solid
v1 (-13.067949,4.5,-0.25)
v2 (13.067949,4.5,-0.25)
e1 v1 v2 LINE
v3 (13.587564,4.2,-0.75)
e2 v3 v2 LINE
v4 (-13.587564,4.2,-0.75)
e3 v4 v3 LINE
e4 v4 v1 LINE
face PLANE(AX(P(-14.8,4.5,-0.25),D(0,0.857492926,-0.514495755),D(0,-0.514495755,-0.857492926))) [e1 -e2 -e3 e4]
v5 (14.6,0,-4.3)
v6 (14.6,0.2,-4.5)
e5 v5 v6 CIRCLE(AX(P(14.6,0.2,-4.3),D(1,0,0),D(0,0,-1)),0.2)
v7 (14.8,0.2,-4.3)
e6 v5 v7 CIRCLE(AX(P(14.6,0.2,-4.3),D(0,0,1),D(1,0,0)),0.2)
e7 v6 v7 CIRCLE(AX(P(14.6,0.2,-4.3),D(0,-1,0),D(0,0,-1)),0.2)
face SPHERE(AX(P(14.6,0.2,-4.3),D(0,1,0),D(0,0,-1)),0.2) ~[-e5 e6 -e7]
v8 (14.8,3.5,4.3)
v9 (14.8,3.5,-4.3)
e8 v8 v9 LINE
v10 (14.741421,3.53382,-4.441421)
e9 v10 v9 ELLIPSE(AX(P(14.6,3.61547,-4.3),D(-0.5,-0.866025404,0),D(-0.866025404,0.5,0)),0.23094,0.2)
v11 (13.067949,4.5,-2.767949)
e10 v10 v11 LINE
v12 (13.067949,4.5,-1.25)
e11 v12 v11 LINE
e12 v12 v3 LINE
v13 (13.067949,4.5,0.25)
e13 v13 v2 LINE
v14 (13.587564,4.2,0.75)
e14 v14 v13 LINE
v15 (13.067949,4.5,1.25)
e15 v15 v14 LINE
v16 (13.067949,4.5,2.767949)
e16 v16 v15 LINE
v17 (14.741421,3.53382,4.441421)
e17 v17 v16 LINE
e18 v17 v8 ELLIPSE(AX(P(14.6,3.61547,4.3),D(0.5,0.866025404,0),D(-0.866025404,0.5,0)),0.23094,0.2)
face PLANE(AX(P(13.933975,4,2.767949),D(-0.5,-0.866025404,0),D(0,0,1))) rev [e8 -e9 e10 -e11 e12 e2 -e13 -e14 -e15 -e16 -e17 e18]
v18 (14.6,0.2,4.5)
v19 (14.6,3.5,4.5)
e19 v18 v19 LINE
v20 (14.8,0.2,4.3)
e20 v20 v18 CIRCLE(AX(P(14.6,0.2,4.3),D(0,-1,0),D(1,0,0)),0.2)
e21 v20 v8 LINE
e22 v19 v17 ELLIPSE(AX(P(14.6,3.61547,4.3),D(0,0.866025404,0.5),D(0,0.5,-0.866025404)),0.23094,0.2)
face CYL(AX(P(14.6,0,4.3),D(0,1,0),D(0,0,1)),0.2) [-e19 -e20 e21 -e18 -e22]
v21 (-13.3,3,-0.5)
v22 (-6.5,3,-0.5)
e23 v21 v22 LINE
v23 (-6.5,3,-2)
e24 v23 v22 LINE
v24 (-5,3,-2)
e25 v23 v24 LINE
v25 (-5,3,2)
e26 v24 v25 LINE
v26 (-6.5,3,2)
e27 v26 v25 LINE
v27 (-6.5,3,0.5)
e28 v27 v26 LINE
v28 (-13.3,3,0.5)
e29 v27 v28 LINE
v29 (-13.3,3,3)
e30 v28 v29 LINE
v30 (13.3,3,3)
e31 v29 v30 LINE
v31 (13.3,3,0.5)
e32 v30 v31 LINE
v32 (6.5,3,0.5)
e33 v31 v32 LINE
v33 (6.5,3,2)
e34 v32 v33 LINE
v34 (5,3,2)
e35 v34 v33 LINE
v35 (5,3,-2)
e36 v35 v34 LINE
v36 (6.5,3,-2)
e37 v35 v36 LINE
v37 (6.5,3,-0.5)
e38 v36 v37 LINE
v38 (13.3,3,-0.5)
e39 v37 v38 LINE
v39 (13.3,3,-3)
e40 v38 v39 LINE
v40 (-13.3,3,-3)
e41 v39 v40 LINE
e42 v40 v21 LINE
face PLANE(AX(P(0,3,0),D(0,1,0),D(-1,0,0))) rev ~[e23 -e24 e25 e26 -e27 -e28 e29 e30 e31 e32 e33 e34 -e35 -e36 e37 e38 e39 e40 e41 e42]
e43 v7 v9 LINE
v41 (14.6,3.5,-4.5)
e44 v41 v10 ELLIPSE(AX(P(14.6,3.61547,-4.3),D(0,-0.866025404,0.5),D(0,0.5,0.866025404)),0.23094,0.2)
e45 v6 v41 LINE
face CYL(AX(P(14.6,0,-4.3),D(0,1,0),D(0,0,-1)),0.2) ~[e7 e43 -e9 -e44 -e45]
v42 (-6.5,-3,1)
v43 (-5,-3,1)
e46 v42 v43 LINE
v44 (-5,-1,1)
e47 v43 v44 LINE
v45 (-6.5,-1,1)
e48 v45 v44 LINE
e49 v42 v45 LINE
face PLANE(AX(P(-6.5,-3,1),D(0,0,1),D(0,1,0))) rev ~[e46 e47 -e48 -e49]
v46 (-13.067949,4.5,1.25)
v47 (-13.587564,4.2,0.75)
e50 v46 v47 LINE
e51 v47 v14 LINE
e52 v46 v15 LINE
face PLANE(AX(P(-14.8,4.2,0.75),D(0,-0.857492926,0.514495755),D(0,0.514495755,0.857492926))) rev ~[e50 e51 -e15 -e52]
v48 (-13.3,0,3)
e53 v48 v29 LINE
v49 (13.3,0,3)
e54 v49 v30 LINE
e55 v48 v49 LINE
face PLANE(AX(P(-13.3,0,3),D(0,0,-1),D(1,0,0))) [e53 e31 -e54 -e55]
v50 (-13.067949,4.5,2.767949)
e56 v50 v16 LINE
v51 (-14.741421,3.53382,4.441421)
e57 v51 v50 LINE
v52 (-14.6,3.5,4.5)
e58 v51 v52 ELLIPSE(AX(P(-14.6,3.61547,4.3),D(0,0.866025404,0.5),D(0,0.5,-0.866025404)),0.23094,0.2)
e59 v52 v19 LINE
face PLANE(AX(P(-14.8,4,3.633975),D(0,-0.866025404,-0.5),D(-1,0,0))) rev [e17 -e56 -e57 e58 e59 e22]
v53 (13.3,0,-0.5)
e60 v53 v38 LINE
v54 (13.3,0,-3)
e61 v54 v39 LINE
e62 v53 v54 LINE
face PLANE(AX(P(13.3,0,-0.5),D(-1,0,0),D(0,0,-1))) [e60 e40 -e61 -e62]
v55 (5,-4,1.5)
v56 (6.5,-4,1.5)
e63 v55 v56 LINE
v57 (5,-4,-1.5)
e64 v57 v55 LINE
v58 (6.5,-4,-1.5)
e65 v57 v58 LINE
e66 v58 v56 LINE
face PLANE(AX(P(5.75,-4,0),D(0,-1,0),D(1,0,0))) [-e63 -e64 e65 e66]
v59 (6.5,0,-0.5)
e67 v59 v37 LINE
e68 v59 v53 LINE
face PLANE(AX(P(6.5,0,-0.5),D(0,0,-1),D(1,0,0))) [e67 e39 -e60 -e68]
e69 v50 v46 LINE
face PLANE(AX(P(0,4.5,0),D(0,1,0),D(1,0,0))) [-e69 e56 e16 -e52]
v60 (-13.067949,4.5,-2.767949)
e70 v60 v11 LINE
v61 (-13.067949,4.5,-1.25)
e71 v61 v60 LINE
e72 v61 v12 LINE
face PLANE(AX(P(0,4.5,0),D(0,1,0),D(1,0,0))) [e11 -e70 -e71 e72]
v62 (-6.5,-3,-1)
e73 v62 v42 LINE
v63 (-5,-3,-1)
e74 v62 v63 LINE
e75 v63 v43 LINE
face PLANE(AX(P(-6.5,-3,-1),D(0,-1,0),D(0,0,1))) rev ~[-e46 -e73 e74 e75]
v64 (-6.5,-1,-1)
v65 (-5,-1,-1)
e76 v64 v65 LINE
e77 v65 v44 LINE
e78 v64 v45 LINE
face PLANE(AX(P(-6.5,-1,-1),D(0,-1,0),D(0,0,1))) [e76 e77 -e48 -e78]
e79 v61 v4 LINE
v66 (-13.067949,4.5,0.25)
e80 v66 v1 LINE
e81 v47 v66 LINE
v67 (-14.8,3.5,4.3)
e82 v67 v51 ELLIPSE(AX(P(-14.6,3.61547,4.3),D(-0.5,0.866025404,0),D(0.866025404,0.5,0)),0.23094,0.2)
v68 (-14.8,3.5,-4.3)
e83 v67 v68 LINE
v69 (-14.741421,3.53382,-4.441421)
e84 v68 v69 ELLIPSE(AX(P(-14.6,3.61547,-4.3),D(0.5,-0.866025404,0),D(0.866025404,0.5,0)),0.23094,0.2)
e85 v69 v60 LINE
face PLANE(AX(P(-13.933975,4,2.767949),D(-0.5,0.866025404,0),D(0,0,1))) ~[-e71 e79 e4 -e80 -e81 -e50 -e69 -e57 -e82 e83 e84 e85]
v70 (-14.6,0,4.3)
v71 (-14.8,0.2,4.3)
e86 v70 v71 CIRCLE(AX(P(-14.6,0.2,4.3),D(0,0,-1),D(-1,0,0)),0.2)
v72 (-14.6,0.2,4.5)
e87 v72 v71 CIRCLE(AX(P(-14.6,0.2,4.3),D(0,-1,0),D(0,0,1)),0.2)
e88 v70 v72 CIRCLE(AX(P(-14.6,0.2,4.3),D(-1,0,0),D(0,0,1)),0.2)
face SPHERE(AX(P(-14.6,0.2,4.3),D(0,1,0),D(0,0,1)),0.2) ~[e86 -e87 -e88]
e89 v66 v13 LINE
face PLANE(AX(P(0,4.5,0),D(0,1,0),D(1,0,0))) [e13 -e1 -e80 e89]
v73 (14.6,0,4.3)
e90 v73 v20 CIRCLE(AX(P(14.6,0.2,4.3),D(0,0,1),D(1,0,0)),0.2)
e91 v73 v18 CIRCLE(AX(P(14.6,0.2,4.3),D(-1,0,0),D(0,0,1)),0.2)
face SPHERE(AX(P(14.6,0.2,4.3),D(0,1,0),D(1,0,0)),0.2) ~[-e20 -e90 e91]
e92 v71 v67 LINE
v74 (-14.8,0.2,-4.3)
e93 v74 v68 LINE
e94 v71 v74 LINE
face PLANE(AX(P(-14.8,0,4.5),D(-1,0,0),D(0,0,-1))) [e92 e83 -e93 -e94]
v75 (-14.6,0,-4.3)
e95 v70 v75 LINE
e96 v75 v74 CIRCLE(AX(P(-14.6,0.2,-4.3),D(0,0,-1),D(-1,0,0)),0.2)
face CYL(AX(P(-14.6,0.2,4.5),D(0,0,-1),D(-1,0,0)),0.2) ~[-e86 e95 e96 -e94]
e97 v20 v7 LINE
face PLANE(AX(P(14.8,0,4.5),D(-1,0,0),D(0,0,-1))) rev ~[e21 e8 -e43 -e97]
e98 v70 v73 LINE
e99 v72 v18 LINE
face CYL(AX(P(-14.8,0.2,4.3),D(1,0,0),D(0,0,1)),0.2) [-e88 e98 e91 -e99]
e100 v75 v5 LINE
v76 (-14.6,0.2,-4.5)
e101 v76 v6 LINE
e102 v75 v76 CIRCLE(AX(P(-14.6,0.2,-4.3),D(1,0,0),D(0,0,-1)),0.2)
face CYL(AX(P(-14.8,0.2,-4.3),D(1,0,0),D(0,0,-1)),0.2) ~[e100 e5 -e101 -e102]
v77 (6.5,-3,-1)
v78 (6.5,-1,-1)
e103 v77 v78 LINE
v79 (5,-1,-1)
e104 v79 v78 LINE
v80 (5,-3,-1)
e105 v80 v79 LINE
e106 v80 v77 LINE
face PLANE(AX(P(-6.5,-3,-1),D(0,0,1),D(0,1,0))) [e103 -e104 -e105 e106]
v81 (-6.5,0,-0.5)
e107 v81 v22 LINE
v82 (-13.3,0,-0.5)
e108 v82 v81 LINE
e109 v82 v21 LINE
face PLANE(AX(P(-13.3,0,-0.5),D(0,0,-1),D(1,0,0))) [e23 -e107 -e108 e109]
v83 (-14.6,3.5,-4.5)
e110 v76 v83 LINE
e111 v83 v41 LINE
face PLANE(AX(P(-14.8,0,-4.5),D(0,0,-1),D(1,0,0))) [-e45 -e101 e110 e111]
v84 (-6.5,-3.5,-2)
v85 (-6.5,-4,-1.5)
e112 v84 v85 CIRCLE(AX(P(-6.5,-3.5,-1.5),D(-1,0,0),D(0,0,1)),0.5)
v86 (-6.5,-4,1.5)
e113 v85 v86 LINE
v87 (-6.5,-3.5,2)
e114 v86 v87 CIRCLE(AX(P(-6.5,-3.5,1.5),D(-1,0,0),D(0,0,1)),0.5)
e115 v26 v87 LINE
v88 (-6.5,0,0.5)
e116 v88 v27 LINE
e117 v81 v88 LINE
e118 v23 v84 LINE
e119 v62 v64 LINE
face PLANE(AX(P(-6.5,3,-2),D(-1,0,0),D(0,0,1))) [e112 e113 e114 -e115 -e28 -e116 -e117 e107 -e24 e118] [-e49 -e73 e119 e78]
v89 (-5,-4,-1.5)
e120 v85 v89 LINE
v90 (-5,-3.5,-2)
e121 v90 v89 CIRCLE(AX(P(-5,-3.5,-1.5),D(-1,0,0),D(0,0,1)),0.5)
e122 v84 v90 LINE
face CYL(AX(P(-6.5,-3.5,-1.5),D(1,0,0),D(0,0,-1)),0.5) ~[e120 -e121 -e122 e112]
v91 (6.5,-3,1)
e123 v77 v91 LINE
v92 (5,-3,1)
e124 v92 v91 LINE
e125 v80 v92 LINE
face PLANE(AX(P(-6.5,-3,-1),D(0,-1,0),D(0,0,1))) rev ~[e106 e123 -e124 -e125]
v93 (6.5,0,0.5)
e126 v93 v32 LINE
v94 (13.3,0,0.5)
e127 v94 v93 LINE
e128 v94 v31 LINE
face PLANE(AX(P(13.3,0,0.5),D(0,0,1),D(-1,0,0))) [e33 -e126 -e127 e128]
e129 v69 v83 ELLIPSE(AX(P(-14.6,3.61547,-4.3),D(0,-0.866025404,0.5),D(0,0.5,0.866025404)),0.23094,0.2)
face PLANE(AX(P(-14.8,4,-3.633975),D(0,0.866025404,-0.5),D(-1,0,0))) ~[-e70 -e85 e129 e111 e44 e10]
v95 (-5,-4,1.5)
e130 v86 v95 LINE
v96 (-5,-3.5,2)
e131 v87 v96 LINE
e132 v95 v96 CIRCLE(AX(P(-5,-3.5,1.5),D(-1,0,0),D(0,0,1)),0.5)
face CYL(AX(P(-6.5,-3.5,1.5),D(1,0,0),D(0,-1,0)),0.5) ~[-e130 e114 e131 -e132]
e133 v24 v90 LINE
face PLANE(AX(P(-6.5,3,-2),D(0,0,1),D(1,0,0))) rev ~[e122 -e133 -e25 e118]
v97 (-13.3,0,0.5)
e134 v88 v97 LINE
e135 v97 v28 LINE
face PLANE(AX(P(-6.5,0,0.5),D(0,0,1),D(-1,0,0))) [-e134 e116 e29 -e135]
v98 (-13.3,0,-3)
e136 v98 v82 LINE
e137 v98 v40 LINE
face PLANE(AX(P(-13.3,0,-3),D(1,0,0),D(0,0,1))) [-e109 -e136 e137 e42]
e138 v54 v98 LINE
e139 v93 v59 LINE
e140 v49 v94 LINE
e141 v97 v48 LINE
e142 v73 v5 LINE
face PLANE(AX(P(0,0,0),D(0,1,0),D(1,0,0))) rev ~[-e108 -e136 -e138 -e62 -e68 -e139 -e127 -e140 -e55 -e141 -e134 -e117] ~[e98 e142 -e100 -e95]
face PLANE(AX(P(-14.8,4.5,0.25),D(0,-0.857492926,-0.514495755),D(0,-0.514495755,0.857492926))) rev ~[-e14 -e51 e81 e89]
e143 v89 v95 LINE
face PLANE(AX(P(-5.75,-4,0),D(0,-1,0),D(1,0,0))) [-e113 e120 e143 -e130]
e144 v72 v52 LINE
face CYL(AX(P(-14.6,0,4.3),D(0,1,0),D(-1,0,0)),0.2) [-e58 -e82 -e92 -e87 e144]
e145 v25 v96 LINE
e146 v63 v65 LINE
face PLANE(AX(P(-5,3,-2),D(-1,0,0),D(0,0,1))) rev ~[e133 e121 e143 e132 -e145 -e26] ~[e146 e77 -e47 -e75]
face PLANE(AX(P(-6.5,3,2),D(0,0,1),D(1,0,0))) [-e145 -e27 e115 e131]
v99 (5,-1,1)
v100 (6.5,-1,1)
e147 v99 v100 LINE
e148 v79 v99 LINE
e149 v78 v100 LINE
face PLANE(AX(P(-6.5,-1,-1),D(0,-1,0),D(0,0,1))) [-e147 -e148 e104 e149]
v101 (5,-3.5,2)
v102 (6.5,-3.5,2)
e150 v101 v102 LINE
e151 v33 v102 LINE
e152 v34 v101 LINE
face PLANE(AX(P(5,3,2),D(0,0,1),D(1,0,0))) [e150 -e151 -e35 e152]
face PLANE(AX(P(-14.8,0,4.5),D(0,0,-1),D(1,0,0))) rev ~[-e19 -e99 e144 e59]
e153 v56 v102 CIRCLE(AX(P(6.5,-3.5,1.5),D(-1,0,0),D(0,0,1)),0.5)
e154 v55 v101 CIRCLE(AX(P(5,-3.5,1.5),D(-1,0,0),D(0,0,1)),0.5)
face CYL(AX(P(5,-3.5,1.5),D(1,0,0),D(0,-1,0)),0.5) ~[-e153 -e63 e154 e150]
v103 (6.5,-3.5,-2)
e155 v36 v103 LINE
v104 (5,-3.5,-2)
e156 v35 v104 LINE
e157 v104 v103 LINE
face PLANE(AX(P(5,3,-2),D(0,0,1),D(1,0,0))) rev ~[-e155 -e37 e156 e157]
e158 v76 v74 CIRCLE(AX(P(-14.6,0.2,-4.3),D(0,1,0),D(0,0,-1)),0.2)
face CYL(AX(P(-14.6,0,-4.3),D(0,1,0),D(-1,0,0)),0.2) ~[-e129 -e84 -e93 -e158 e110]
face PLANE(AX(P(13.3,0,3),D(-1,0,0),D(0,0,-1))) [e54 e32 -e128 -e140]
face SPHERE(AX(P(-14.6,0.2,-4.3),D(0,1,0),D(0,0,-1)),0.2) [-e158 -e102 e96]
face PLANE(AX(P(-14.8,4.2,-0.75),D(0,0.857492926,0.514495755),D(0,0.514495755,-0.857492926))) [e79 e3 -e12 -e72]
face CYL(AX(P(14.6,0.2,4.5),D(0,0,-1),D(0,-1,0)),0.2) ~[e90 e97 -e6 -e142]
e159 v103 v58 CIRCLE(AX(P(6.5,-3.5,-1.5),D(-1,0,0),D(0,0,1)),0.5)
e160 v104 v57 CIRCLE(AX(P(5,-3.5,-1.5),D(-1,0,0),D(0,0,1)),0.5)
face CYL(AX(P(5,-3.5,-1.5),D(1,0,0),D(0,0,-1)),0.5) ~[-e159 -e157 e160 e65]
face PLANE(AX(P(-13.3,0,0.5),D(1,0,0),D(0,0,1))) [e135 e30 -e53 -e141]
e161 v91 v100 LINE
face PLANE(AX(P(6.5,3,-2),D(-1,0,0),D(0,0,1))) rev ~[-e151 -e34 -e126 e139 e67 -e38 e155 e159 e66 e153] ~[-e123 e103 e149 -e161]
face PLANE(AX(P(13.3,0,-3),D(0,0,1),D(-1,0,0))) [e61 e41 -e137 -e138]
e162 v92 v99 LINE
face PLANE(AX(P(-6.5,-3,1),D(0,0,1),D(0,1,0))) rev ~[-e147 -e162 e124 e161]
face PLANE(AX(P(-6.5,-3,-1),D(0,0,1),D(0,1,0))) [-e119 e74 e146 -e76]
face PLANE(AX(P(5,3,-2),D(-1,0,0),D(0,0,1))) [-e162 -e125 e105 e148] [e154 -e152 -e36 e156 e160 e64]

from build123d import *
from OCP.BRepFilletAPI import BRepFilletAPI_MakeChamfer

# Parameters (mm, degrees)
SKETCH_1_W          = 29.6
SKETCH_1_H          = 9
EXTRUDE_1_DEPTH     = 4.5
CUT_EXTRUDE_1_DEPTH = 3
SKETCH_3_W          = 1.5
SKETCH_3_H          = 4
EXTRUDE_2_DEPTH     = 7
SKETCH_4_W          = 2
SKETCH_4_H          = 2
CUT_EXTRUDE_2_DEPTH = 23.230384612
CHAMFER_1_SIZE      = 1
CHAMFER_1_SIZE2     = 1.732050808
CHAMFER_2_SIZE      = 1
CHAMFER_2_SIZE2     = 1.732050808
CUT_EXTRUDE_3_DEPTH = 31.276393444
FILLET_2_R          = 0.2
FILLET_3_R          = 0.5


with BuildPart() as part:
    # 草图1 → 凸台-拉伸1 (new body)
    with BuildSketch(Plane(origin=(0, 0, 0), x_dir=(1, 0, 0), z_dir=(0, 1, 0))):
        Rectangle(SKETCH_1_W, SKETCH_1_H)
    extrude(amount=EXTRUDE_1_DEPTH)

    # 草图2 → 切除-拉伸1 (cut)
    with BuildSketch(Plane.XZ):
        Polygon((-13.3, 0.5), (-13.3, 3), (13.3, 3), (13.3, 0.5), (6.5, 0.5), (6.5, -0.5), (13.3, -0.5), (13.3, -3), (-13.3, -3), (-13.3, -0.5), (-6.5, -0.5), (-6.5, 0.5), align=None)
    extrude(amount=-CUT_EXTRUDE_1_DEPTH, mode=Mode.SUBTRACT)

    # 草图3 → 凸台-拉伸2 (add)
    with BuildSketch(Plane.XZ.offset(-3)):
        with Locations((-5.75, 0)):
            Rectangle(SKETCH_3_W, SKETCH_3_H)
        with Locations((5.75, 0)):
            Rectangle(SKETCH_3_W, SKETCH_3_H)
    extrude(amount=EXTRUDE_2_DEPTH)

    # 草图4 → 切除-拉伸2 (cut, through all)
    with BuildSketch(Plane.ZY.offset(6.5)):
        with Locations((0, -2)):
            Rectangle(SKETCH_4_W, SKETCH_4_H)
    extrude(amount=-CUT_EXTRUDE_2_DEPTH, mode=Mode.SUBTRACT)

    # 倒角1: one chamfer whose edges measure the first distance from different faces: ONE call of the kernel's chamfer builder (chamfer() names one face for all edges)
    chamfer_1_edges_1 = [part.edges().sort_by_distance(p)[0] for p in [
        (0, 4.5, -4.5),
    ]]
    chamfer_1_side_1 = [part.faces().sort_by_distance(p)[0] for p in [
        (0, 2.25, -4.5),
    ]]
    chamfer_1_edges_2 = [part.edges().sort_by_distance(p)[0] for p in [
        (0, 4.5, 4.5),
    ]]
    chamfer_1_side_2 = [part.faces().sort_by_distance(p)[0] for p in [
        (0, 2.25, 4.5),
    ]]
    chamfer_1 = BRepFilletAPI_MakeChamfer(part.part.solid().wrapped)
    for e in chamfer_1_edges_1:
        chamfer_1.Add(CHAMFER_1_SIZE, CHAMFER_1_SIZE2, e.wrapped, chamfer_1_side_1[0].wrapped)  # the first distance lies on this face
    for e in chamfer_1_edges_2:
        chamfer_1.Add(CHAMFER_1_SIZE, CHAMFER_1_SIZE2, e.wrapped, chamfer_1_side_2[0].wrapped)  # the first distance lies on this face
    add(Compound.cast(chamfer_1.Shape()), mode=Mode.REPLACE)

    # 倒角2: one chamfer whose edges measure the first distance from different faces: ONE call of the kernel's chamfer builder (chamfer() names one face for all edges)
    chamfer_2_edges_1 = [part.edges().sort_by_distance(p)[0] for p in [
        (-14.8, 4.5, 0),
    ]]
    chamfer_2_side_1 = [part.faces().sort_by_distance(p)[0] for p in [
        (-14.8, 2.164368335, 0),
    ]]
    chamfer_2_edges_2 = [part.edges().sort_by_distance(p)[0] for p in [
        (14.8, 4.5, 0),
    ]]
    chamfer_2_side_2 = [part.faces().sort_by_distance(p)[0] for p in [
        (14.8, 2.164368335, 0),
    ]]
    chamfer_2 = BRepFilletAPI_MakeChamfer(part.part.solid().wrapped)
    for e in chamfer_2_edges_1:
        chamfer_2.Add(CHAMFER_2_SIZE, CHAMFER_2_SIZE2, e.wrapped, chamfer_2_side_1[0].wrapped)  # the first distance lies on this face
    for e in chamfer_2_edges_2:
        chamfer_2.Add(CHAMFER_2_SIZE, CHAMFER_2_SIZE2, e.wrapped, chamfer_2_side_2[0].wrapped)  # the first distance lies on this face
    add(Compound.cast(chamfer_2.Shape()), mode=Mode.REPLACE)

    # 草图5 → 切除-拉伸3 (cut, through all)
    with BuildSketch(Plane.ZY.offset(14.8)):
        Polygon((-1.25, 4.5), (-0.25, 4.5), (-0.75, 4.2), align=None)
        Polygon((0.75, 4.2), (1.25, 4.5), (0.25, 4.5), align=None)
    extrude(amount=-CUT_EXTRUDE_3_DEPTH, mode=Mode.SUBTRACT)

    # 圆角2
    fillet_2_edges = [part.edges().sort_by_distance(p)[0] for p in [
        (-14.8, 1.75, 4.5),
        (-14.8, 1.75, -4.5),
        (14.8, 1.75, -4.5),
        (14.8, 1.75, 4.5),
        (0, 0, -4.5),
        (14.8, 0, 0),
        (0, 0, 4.5),
        (-14.8, 0, 0),
    ]]
    fillet(fillet_2_edges, radius=FILLET_2_R)

    # 圆角3
    fillet_3_edges = [part.edges().sort_by_distance(p)[0] for p in [
        (-5.75, -4, -2),
        (-5.75, -4, 2),
        (5.75, -4, -2),
        (5.75, -4, 2),
    ]]
    fillet(fillet_3_edges, radius=FILLET_3_R)


solid = part.part
